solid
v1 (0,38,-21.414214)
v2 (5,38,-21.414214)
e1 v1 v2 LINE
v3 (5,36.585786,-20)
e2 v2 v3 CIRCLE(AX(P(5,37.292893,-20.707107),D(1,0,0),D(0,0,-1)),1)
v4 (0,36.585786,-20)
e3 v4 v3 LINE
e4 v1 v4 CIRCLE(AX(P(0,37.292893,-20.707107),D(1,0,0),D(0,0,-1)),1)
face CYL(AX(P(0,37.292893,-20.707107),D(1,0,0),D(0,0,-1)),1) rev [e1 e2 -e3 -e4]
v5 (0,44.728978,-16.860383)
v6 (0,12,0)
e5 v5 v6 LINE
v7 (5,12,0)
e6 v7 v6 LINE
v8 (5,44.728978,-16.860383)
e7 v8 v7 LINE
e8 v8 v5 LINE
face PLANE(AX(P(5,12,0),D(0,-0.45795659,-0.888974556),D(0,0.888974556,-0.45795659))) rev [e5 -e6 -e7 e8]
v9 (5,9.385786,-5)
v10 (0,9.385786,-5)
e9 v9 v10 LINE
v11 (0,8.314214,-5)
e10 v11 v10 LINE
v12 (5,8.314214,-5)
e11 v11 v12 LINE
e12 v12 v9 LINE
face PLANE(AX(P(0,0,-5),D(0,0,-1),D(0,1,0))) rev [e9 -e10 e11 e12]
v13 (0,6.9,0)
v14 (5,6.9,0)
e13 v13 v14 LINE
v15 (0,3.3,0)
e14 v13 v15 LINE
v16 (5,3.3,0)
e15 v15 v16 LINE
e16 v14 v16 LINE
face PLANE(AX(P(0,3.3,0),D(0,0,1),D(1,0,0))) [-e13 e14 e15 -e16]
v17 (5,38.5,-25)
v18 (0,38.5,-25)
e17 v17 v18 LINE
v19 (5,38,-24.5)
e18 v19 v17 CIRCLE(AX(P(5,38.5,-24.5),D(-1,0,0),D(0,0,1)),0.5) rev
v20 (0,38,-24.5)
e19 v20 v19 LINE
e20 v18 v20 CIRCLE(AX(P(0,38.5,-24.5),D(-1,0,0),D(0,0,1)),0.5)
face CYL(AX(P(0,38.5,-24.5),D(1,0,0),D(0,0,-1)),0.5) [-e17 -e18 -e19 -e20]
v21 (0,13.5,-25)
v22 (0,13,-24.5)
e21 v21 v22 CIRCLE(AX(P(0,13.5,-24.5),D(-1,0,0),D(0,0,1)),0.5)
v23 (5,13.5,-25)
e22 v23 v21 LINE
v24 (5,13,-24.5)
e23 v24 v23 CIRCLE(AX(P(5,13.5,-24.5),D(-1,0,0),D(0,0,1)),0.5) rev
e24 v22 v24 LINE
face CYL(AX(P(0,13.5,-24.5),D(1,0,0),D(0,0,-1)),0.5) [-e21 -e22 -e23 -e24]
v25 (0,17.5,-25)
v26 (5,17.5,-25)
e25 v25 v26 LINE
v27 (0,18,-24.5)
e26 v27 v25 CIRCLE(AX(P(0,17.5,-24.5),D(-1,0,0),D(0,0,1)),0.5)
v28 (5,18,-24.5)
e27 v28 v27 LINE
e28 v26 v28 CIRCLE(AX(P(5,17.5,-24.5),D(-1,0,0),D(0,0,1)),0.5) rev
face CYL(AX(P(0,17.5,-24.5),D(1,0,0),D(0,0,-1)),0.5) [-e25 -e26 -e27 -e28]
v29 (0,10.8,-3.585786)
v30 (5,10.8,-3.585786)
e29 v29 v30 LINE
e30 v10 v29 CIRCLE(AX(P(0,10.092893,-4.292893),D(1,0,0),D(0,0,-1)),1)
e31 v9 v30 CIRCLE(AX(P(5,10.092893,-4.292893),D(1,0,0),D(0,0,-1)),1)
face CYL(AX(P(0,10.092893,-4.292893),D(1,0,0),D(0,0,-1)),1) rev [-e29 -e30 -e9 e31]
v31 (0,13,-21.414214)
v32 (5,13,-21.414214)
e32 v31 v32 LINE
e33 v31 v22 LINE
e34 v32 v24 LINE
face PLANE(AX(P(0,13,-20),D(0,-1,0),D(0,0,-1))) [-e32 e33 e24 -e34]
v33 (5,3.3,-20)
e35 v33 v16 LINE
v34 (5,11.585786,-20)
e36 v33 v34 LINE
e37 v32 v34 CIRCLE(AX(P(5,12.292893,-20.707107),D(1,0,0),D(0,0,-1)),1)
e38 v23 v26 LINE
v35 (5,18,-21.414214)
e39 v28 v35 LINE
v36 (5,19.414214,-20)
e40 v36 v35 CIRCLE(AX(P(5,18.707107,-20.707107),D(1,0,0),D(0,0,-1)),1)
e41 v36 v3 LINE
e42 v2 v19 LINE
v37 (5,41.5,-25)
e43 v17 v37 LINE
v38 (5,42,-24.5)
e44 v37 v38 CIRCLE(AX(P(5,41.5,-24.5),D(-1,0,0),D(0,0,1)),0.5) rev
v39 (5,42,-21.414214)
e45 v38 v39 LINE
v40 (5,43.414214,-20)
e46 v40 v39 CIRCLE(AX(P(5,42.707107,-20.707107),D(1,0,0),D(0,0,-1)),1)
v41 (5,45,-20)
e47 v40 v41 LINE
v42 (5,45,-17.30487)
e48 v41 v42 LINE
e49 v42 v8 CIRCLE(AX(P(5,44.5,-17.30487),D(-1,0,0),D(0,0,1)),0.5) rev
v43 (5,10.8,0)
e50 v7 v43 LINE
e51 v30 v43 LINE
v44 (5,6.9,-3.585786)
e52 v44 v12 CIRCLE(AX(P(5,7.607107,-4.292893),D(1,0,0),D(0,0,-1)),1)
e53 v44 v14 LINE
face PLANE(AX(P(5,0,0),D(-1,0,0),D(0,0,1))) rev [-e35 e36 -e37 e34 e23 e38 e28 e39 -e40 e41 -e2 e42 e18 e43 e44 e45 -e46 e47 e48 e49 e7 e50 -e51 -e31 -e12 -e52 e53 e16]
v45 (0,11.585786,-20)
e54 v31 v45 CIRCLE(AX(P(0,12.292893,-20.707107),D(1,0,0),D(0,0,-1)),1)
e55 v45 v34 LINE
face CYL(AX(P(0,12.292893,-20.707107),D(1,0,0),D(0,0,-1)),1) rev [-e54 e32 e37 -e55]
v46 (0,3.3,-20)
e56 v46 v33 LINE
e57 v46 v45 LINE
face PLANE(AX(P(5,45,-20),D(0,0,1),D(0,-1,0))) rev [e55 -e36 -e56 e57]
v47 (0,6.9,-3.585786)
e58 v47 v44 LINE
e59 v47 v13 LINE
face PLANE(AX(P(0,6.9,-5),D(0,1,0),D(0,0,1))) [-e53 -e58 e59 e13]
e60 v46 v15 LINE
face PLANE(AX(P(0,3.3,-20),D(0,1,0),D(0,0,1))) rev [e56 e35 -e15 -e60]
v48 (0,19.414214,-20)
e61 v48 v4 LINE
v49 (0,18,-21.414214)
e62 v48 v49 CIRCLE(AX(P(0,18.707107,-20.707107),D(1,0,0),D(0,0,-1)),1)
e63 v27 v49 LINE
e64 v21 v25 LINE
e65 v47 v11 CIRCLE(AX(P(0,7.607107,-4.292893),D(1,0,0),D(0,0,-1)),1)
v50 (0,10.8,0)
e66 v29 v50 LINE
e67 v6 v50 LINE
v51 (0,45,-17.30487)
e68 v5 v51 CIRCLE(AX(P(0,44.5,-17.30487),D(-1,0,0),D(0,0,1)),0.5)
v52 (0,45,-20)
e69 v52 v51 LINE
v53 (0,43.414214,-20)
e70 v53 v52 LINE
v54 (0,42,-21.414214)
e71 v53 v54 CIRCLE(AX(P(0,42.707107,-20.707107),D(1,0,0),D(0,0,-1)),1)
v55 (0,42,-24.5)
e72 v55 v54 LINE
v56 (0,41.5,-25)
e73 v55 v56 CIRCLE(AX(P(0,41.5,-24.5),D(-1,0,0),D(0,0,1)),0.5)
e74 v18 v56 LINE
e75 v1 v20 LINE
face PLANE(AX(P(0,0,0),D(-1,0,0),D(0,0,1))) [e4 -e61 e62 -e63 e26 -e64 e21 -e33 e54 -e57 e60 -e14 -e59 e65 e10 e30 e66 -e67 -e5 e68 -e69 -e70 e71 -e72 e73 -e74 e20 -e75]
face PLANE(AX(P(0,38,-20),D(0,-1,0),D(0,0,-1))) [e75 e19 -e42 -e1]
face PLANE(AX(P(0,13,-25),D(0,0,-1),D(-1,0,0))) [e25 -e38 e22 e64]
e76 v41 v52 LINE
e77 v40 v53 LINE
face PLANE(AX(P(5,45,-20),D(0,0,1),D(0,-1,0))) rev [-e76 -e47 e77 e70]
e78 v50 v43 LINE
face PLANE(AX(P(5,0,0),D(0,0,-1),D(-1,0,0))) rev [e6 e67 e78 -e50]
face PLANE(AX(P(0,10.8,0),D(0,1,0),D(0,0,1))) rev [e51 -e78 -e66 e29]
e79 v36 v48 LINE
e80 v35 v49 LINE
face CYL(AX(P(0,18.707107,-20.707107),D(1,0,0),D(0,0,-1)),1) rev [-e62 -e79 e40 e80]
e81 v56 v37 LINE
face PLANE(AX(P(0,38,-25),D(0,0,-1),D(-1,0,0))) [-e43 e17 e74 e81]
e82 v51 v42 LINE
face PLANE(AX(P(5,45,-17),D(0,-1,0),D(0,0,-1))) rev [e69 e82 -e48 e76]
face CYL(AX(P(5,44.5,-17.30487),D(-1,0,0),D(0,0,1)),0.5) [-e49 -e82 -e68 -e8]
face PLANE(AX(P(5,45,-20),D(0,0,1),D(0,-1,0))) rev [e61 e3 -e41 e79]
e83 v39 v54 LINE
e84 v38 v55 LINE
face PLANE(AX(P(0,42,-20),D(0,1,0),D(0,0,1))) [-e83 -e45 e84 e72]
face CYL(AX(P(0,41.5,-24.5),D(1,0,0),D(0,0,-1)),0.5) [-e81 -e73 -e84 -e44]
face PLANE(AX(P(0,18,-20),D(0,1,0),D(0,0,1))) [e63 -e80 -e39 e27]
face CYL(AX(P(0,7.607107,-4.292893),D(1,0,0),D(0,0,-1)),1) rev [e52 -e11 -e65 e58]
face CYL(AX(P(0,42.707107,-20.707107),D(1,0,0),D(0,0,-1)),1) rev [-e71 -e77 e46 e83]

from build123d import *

# Parameters (mm, degrees)
EXTRUDE_1_DEPTH     = 5
SKETCH_7_W          = 5
SKETCH_7_H          = 10.8
CUT_EXTRUDE_1_DEPTH = 5
SKETCH_8_W          = 15
SKETCH_8_H          = 3.3
CUT_EXTRUDE_2_DEPTH = 5
SKETCH_10_W         = 5
SKETCH_10_H         = 3.6
EXTRUDE_2_DEPTH     = 5
SKETCH_9_R          = 1
CUT_EXTRUDE_3_DEPTH = 5
SKETCH_15_W         = 5
SKETCH_15_H         = 4
SKETCH_15_H_2       = 5
EXTRUDE_6_DEPTH     = 5
SKETCH_11_W         = 5
SKETCH_11_H         = 5
SKETCH_11_H_2       = 4
EXTRUDE_3_DEPTH     = 5
SKETCH_12_R         = 1
CUT_EXTRUDE_4_DEPTH = 5
FILLET_1_R          = 0.5


with BuildPart() as part:
    # 스케치1 → 보스-돌출1 (new body)
    with BuildSketch(Plane(origin=(0, 0, 0), x_dir=(0, 0, -1), z_dir=(1, 0, 0))):
        Polygon((0, 0), (0, 12), (17, 45), (20, 45), (20, 0), align=None)
    extrude(amount=EXTRUDE_1_DEPTH)

    # 스케치7 → 컷-돌출1 (cut)
    with BuildSketch(Plane(origin=(5, 0, 0), x_dir=(0, 0, -1), z_dir=(1, 0, 0))):
        with Locations((2.5, 5.4)):
            Rectangle(SKETCH_7_W, SKETCH_7_H)
    extrude(amount=-CUT_EXTRUDE_1_DEPTH, mode=Mode.SUBTRACT)

    # 스케치8 → 컷-돌출2 (cut)
    with BuildSketch(Plane(origin=(5, 0, 0), x_dir=(0, 0, -1), z_dir=(1, 0, 0))):
        with Locations((12.5, 1.65)):
            Rectangle(SKETCH_8_W, SKETCH_8_H)
    extrude(amount=-CUT_EXTRUDE_2_DEPTH, mode=Mode.SUBTRACT)

    # 스케치10 → 보스-돌출2 (add)
    with BuildSketch(Plane(origin=(5, 0, 0), x_dir=(0, 0, -1), z_dir=(1, 0, 0))):
        with Locations((2.5, 5.1)):
            Rectangle(SKETCH_10_W, SKETCH_10_H)
    extrude(amount=-EXTRUDE_2_DEPTH)

    # 스케치9 → 컷-돌출3 (cut)
    with BuildSketch(Plane(origin=(5, 0, 0), x_dir=(0, 0, -1), z_dir=(1, 0, 0))):
        with Locations((4.292893219, 10.092893219)):
            Circle(SKETCH_9_R)
        with Locations((4.292893219, 7.607106781)):
            Circle(SKETCH_9_R)
    extrude(amount=-CUT_EXTRUDE_3_DEPTH, mode=Mode.SUBTRACT)

    # 스케치15 → 보스-돌출6 (add)
    with BuildSketch(Plane(origin=(5, 0, 0), x_dir=(0, 0, -1), z_dir=(1, 0, 0))):
        with Locations((22.5, 40)):
            Rectangle(SKETCH_15_W, SKETCH_15_H)
        with Locations((22.5, 15.5)):
            Rectangle(SKETCH_15_W, SKETCH_15_H_2)
    extrude(amount=-EXTRUDE_6_DEPTH)

    # 스케치11 → 보스-돌출3 (add)
    with BuildSketch(Plane(origin=(5, 0, 0), x_dir=(0, 0, -1), z_dir=(1, 0, 0))):
        with Locations((22.5, 15.5)):
            Rectangle(SKETCH_11_W, SKETCH_11_H)
        with Locations((22.5, 40)):
            Rectangle(SKETCH_11_W, SKETCH_11_H_2)
    extrude(amount=-EXTRUDE_3_DEPTH)

    # 스케치12 → 컷-돌출4 (cut)
    with BuildSketch(Plane(origin=(5, 0, 0), x_dir=(0, 0, -1), z_dir=(1, 0, 0))):
        with Locations((20.707106781, 18.707106781)):
            Circle(SKETCH_12_R)
        with Locations((20.707106781, 12.292893219)):
            Circle(SKETCH_12_R)
        with Locations((20.707106781, 37.292893219)):
            Circle(SKETCH_12_R)
        with Locations((20.707106781, 42.707106781)):
            Circle(SKETCH_12_R)
    extrude(amount=-CUT_EXTRUDE_4_DEPTH, mode=Mode.SUBTRACT)

    # 필렛1
    fillet_1_edges = [part.edges().sort_by_distance(p)[0] for p in [
        (2.5, 13, -25),
        (2.5, 38, -25),
        (2.5, 18, -25),
        (2.5, 42, -25),
        (2.5, 45, -17),
    ]]
    fillet(fillet_1_edges, radius=FILLET_1_R)


solid = part.part
